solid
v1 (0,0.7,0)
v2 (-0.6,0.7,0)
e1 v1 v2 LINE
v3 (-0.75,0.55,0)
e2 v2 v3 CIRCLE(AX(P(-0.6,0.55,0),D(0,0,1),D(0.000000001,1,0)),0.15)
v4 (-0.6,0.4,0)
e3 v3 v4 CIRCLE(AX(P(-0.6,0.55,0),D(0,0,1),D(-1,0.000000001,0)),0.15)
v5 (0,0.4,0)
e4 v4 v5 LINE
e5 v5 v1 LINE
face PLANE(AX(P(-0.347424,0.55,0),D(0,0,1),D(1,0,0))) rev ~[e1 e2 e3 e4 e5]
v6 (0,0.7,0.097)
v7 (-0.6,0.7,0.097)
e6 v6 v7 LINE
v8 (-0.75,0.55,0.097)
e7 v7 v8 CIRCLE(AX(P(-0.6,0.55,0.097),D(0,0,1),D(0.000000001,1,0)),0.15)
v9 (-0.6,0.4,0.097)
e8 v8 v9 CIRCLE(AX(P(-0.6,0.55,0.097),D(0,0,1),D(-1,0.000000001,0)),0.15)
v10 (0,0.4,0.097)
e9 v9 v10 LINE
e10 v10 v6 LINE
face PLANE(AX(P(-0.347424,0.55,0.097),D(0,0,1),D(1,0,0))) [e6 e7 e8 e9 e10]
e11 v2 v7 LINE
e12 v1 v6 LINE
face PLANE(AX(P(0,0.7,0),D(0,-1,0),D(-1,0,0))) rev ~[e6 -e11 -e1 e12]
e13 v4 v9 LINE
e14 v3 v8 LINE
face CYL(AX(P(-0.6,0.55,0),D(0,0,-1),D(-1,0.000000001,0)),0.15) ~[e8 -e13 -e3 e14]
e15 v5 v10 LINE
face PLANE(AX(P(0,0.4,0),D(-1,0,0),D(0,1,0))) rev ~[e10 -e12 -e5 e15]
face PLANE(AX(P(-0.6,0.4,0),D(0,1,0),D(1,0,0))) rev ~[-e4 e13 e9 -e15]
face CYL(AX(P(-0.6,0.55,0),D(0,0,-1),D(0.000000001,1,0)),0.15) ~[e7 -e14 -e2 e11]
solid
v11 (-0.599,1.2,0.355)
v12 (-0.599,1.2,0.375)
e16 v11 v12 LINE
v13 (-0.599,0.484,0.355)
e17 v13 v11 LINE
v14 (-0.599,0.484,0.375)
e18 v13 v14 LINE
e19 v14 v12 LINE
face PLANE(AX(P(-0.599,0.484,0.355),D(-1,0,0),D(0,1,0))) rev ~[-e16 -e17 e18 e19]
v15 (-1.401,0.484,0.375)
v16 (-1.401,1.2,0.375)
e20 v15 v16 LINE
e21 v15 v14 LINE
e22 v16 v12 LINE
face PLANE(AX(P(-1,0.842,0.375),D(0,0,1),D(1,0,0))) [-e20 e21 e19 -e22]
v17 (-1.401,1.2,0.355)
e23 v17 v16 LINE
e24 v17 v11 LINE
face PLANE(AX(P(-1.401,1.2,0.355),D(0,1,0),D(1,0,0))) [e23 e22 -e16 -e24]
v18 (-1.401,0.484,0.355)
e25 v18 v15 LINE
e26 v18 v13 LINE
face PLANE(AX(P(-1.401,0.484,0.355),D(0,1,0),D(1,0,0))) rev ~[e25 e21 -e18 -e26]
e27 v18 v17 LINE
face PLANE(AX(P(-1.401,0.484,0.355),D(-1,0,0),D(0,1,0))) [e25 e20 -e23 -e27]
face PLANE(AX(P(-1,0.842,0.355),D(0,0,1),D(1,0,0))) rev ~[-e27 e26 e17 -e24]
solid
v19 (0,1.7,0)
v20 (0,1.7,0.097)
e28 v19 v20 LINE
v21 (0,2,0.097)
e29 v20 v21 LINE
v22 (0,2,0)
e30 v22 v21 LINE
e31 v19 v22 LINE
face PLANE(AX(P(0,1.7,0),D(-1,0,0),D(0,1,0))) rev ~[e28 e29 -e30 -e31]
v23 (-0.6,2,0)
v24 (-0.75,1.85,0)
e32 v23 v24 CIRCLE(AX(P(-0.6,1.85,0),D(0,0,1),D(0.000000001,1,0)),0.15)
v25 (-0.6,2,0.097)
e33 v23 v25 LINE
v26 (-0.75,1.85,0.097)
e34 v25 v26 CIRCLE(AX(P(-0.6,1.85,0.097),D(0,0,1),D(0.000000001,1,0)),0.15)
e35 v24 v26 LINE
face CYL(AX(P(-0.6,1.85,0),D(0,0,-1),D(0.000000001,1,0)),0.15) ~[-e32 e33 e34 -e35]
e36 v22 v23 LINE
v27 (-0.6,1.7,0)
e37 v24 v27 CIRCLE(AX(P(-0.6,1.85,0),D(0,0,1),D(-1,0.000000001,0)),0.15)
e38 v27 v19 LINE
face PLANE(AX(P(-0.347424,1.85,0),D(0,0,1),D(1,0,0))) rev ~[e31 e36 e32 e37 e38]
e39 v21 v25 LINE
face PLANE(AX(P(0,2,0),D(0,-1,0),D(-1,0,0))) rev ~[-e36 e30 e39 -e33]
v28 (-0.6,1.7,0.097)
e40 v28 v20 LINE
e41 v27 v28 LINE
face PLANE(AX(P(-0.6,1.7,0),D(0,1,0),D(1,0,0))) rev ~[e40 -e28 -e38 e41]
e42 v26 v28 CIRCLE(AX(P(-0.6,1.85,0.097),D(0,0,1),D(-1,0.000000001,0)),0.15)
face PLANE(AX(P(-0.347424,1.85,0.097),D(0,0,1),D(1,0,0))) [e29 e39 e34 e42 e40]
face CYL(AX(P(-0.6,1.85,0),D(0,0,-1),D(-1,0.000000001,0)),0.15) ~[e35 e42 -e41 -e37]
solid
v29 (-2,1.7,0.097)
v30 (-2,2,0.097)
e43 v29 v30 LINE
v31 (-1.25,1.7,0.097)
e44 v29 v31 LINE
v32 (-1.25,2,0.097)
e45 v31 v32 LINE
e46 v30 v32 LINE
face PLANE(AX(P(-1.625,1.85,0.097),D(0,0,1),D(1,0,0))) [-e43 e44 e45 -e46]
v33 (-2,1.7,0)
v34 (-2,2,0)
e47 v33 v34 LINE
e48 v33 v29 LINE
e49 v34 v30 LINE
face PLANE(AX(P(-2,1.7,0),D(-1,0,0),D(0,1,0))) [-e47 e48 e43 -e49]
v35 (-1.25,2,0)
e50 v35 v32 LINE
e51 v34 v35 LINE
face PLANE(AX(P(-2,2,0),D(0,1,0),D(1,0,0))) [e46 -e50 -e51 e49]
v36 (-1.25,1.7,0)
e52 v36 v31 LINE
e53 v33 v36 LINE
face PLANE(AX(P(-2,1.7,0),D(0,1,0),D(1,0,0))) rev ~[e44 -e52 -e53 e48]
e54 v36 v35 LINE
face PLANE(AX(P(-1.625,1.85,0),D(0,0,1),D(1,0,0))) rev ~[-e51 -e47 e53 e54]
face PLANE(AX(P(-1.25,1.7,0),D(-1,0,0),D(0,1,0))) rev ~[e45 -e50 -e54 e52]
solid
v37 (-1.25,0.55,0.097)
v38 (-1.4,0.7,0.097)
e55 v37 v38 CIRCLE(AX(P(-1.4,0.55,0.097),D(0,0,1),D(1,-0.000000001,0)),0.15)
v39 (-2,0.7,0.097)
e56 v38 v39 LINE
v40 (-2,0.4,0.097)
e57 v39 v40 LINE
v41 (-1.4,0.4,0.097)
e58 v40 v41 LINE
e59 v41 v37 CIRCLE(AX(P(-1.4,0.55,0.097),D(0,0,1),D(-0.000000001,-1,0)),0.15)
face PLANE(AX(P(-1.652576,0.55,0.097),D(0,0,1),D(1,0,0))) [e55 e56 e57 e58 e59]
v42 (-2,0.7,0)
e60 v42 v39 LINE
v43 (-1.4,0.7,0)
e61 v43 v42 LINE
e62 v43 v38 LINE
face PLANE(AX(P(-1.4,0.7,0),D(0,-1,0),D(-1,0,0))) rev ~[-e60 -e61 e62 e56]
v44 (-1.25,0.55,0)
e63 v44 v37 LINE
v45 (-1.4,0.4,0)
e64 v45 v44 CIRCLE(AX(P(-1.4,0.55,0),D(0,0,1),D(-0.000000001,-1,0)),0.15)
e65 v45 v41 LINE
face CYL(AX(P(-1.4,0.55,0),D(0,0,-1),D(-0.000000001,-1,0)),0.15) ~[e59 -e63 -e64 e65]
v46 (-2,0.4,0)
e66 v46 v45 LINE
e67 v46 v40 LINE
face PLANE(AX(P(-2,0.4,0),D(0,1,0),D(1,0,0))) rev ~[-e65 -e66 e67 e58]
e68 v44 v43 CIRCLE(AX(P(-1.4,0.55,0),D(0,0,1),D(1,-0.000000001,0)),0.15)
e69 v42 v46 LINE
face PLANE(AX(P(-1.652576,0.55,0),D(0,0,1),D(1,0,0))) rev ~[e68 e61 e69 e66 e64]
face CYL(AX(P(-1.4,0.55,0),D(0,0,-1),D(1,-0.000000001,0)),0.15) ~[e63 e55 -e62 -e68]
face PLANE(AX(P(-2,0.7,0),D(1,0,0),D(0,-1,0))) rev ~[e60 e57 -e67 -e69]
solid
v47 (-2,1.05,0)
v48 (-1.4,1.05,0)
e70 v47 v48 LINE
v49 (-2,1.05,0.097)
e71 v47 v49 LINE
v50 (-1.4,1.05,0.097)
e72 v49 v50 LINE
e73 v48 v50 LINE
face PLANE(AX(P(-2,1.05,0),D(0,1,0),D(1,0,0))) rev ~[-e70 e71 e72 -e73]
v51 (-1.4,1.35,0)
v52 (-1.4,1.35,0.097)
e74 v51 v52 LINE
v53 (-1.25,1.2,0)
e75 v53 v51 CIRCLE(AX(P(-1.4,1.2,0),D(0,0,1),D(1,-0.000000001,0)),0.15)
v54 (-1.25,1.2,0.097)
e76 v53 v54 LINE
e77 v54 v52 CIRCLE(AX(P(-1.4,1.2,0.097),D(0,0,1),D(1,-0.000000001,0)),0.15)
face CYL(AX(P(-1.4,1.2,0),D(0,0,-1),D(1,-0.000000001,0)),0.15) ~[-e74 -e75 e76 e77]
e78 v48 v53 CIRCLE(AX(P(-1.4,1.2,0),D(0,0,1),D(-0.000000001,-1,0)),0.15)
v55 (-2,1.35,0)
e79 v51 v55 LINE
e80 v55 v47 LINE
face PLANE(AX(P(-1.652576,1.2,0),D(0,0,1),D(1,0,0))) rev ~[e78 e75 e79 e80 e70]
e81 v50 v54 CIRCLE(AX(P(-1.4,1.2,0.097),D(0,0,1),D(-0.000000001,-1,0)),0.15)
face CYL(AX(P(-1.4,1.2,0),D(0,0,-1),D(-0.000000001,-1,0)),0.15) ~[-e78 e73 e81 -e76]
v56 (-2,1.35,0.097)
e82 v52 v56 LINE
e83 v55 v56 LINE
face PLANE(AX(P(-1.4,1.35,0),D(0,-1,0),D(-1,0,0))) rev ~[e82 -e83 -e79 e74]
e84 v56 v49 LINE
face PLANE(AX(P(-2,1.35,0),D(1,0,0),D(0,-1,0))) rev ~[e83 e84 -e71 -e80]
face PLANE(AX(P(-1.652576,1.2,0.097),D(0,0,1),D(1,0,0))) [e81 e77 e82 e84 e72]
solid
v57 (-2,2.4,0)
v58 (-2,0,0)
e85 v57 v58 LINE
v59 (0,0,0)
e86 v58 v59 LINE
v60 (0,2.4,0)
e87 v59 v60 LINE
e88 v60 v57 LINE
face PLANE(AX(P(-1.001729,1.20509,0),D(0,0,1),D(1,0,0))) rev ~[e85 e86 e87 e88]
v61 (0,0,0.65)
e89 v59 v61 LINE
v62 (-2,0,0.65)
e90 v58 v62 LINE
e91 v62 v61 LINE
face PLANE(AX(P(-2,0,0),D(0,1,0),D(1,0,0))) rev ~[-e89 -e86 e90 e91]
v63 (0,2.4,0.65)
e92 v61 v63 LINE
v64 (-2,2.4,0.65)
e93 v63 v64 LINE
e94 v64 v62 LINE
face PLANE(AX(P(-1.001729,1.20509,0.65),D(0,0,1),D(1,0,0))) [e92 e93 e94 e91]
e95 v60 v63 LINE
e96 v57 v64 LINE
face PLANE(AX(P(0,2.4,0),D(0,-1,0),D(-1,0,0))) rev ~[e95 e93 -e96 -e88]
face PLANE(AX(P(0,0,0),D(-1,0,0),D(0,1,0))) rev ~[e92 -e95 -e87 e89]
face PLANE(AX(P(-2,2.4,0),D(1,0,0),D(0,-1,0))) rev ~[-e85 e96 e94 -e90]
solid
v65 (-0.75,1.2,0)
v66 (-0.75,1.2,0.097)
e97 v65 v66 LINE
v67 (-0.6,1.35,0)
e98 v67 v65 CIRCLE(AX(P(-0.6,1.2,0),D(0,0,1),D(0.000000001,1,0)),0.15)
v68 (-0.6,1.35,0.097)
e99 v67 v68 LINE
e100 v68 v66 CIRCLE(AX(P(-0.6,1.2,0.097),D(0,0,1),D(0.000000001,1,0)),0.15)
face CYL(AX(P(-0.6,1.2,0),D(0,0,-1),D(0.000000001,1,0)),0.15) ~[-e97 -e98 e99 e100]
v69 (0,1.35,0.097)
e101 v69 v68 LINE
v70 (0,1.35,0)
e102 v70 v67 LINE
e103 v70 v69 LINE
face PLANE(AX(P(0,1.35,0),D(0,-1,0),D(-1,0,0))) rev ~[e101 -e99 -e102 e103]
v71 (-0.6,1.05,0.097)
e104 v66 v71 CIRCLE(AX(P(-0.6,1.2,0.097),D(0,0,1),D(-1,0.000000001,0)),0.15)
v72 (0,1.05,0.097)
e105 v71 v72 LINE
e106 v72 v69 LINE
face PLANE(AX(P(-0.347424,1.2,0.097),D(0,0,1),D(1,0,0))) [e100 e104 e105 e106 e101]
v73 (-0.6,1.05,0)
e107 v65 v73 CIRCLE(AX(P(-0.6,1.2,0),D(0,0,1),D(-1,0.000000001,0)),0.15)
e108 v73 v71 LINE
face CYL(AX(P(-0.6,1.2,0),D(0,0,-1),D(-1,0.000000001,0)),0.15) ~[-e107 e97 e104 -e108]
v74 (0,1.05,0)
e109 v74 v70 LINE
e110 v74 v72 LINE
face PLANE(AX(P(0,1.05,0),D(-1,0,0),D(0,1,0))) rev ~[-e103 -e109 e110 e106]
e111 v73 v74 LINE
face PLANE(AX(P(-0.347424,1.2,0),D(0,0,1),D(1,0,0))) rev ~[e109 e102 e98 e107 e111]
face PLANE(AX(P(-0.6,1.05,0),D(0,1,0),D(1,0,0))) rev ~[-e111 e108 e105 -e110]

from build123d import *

# Parameters (mm, degrees)
F0_W     = 0.75
F0_H     = 0.3
F1_DEPTH = 0.65
F2_DEPTH = 0.097
F4_W     = 0.802
F4_H     = 0.716
F5_DEPTH = 0.02


with BuildPart() as f1:
    # F0 (on Top) → F1 (new body)
    with BuildSketch(Plane.XY):
        with BuildLine():
            Line((-2, 0), (0, 0))
            Line((0, 0), (0, 0.4))
            Line((0, 0.4), (-0.6, 0.4))
            ThreePointArc((-0.6, 0.4), (-0.7060660172, 0.4439339828), (-0.75, 0.55))
            ThreePointArc((-0.75, 0.55), (-0.7060660172, 0.6560660172), (-0.6, 0.7))
            Line((-0.6, 0.7), (0, 0.7))
            Line((0, 0.7), (0, 1.05))
            Line((0, 1.05), (-0.6, 1.05))
            ThreePointArc((-0.6, 1.05), (-0.7060660172, 1.0939339828), (-0.75, 1.2))
            ThreePointArc((-0.75, 1.2), (-0.7060660172, 1.3060660172), (-0.6, 1.35))
            Line((-0.6, 1.35), (0, 1.35))
            Line((0, 1.35), (0, 1.7))
            Line((0, 1.7), (-0.6, 1.7))
            ThreePointArc((-0.6, 1.7), (-0.7060660172, 1.7439339828), (-0.75, 1.85))
            ThreePointArc((-0.75, 1.85), (-0.7060660172, 1.9560660172), (-0.6, 2))
            Line((-0.6, 2), (0, 2))
            Line((0, 2), (0, 2.4))
            Line((0, 2.4), (-2, 2.4))
            Line((-2, 2.4), (-2, 2))
            Line((-2, 2), (-1.25, 2))
            Line((-1.25, 2), (-1.25, 1.7))
            Line((-1.25, 1.7), (-2, 1.7))
            Line((-2, 1.7), (-2, 1.35))
            Line((-2, 1.35), (-1.4, 1.35))
            ThreePointArc((-1.4, 1.35), (-1.2939339828, 1.3060660172), (-1.25, 1.2))
            ThreePointArc((-1.25, 1.2), (-1.2939339828, 1.0939339828), (-1.4, 1.05))
            Line((-1.4, 1.05), (-2, 1.05))
            Line((-2, 1.05), (-2, 0.7))
            Line((-2, 0.7), (-1.4, 0.7))
            ThreePointArc((-1.4, 0.7), (-1.2939339828, 0.6560660172), (-1.25, 0.55))
            ThreePointArc((-1.25, 0.55), (-1.2939339828, 0.4439339828), (-1.4, 0.4))
            Line((-1.4, 0.4), (-2, 0.4))
            Line((-2, 0.4), (-2, 0))
        make_face()
        with Locations((-1.625, 1.85)):
            Rectangle(F0_W, F0_H)
        with BuildLine():
            Line((-2, 1.35), (-2, 1.05))
            Line((-2, 1.05), (-1.4, 1.05))
            ThreePointArc((-1.4, 1.05), (-1.2939339828, 1.0939339828), (-1.25, 1.2))
            ThreePointArc((-1.25, 1.2), (-1.2939339828, 1.3060660172), (-1.4, 1.35))
            Line((-1.4, 1.35), (-2, 1.35))
        make_face()
        with BuildLine():
            Line((-2, 0.7), (-2, 0.4))
            Line((-2, 0.4), (-1.4, 0.4))
            ThreePointArc((-1.4, 0.4), (-1.2939339828, 0.4439339828), (-1.25, 0.55))
            ThreePointArc((-1.25, 0.55), (-1.2939339828, 0.6560660172), (-1.4, 0.7))
            Line((-1.4, 0.7), (-2, 0.7))
        make_face()
        with BuildLine():
            Line((-0.6, 0.4), (0, 0.4))
            Line((0, 0.4), (0, 0.7))
            Line((0, 0.7), (-0.6, 0.7))
            ThreePointArc((-0.6, 0.7), (-0.7060660172, 0.6560660172), (-0.75, 0.55))
            ThreePointArc((-0.75, 0.55), (-0.7060660172, 0.4439339828), (-0.6, 0.4))
        make_face()
        with BuildLine():
            Line((-0.6, 1.05), (0, 1.05))
            Line((0, 1.05), (0, 1.35))
            Line((0, 1.35), (-0.6, 1.35))
            ThreePointArc((-0.6, 1.35), (-0.7060660172, 1.3060660172), (-0.75, 1.2))
            ThreePointArc((-0.75, 1.2), (-0.7060660172, 1.0939339828), (-0.6, 1.05))
        make_face()
        with BuildLine():
            Line((-0.6, 1.7), (0, 1.7))
            Line((0, 1.7), (0, 2))
            Line((0, 2), (-0.6, 2))
            ThreePointArc((-0.6, 2), (-0.7060660172, 1.9560660172), (-0.75, 1.85))
            ThreePointArc((-0.75, 1.85), (-0.7060660172, 1.7439339828), (-0.6, 1.7))
        make_face()
    extrude(amount=F1_DEPTH)


with BuildPart() as f2:
    # F0 (on Top) → F2 (new body)
    with BuildSketch(Plane.XY):
        with BuildLine():
            Line((-0.6, 1.7), (0, 1.7))
            Line((0, 1.7), (0, 2))
            Line((0, 2), (-0.6, 2))
            ThreePointArc((-0.6, 2), (-0.7060660172, 1.9560660172), (-0.75, 1.85))
            ThreePointArc((-0.75, 1.85), (-0.7060660172, 1.7439339828), (-0.6, 1.7))
        make_face()
    extrude(amount=F2_DEPTH)


with BuildPart() as f2b:
    # F0 (on Top) → F2, piece 2 (new body)
    with BuildSketch(Plane.XY):
        with Locations((-1.625, 1.85)):
            Rectangle(F0_W, F0_H)
    extrude(amount=F2_DEPTH)


with BuildPart() as f2c:
    # F0 (on Top) → F2, piece 3 (new body)
    with BuildSketch(Plane.XY):
        with BuildLine():
            Line((-0.6, 1.05), (0, 1.05))
            Line((0, 1.05), (0, 1.35))
            Line((0, 1.35), (-0.6, 1.35))
            ThreePointArc((-0.6, 1.35), (-0.7060660172, 1.3060660172), (-0.75, 1.2))
            ThreePointArc((-0.75, 1.2), (-0.7060660172, 1.0939339828), (-0.6, 1.05))
        make_face()
    extrude(amount=F2_DEPTH)


with BuildPart() as f2d:
    # F0 (on Top) → F2, piece 4 (new body)
    with BuildSketch(Plane.XY):
        with BuildLine():
            Line((-0.6, 0.4), (0, 0.4))
            Line((0, 0.4), (0, 0.7))
            Line((0, 0.7), (-0.6, 0.7))
            ThreePointArc((-0.6, 0.7), (-0.7060660172, 0.6560660172), (-0.75, 0.55))
            ThreePointArc((-0.75, 0.55), (-0.7060660172, 0.4439339828), (-0.6, 0.4))
        make_face()
    extrude(amount=F2_DEPTH)


with BuildPart() as f2e:
    # F0 (on Top) → F2, piece 5 (new body)
    with BuildSketch(Plane.XY):
        with BuildLine():
            Line((-2, 1.35), (-2, 1.05))
            Line((-2, 1.05), (-1.4, 1.05))
            ThreePointArc((-1.4, 1.05), (-1.2939339828, 1.0939339828), (-1.25, 1.2))
            ThreePointArc((-1.25, 1.2), (-1.2939339828, 1.3060660172), (-1.4, 1.35))
            Line((-1.4, 1.35), (-2, 1.35))
        make_face()
    extrude(amount=F2_DEPTH)


with BuildPart() as f2f:
    # F0 (on Top) → F2, piece 6 (new body)
    with BuildSketch(Plane.XY):
        with BuildLine():
            Line((-2, 0.7), (-2, 0.4))
            Line((-2, 0.4), (-1.4, 0.4))
            ThreePointArc((-1.4, 0.4), (-1.2939339828, 0.4439339828), (-1.25, 0.55))
            ThreePointArc((-1.25, 0.55), (-1.2939339828, 0.6560660172), (-1.4, 0.7))
            Line((-1.4, 0.7), (-2, 0.7))
        make_face()
    extrude(amount=F2_DEPTH)


with BuildPart() as f5:
    # F4 (on offset) → F5 (new body)
    with BuildSketch(Plane.XY.offset(0.355)):
        with Locations((-1, 0.842)):
            Rectangle(F4_W, F4_H)
    extrude(amount=F5_DEPTH)


solid = Compound([f1.part, f2.part, f2b.part, f2c.part, f2d.part, f2e.part, f2f.part, f5.part])
